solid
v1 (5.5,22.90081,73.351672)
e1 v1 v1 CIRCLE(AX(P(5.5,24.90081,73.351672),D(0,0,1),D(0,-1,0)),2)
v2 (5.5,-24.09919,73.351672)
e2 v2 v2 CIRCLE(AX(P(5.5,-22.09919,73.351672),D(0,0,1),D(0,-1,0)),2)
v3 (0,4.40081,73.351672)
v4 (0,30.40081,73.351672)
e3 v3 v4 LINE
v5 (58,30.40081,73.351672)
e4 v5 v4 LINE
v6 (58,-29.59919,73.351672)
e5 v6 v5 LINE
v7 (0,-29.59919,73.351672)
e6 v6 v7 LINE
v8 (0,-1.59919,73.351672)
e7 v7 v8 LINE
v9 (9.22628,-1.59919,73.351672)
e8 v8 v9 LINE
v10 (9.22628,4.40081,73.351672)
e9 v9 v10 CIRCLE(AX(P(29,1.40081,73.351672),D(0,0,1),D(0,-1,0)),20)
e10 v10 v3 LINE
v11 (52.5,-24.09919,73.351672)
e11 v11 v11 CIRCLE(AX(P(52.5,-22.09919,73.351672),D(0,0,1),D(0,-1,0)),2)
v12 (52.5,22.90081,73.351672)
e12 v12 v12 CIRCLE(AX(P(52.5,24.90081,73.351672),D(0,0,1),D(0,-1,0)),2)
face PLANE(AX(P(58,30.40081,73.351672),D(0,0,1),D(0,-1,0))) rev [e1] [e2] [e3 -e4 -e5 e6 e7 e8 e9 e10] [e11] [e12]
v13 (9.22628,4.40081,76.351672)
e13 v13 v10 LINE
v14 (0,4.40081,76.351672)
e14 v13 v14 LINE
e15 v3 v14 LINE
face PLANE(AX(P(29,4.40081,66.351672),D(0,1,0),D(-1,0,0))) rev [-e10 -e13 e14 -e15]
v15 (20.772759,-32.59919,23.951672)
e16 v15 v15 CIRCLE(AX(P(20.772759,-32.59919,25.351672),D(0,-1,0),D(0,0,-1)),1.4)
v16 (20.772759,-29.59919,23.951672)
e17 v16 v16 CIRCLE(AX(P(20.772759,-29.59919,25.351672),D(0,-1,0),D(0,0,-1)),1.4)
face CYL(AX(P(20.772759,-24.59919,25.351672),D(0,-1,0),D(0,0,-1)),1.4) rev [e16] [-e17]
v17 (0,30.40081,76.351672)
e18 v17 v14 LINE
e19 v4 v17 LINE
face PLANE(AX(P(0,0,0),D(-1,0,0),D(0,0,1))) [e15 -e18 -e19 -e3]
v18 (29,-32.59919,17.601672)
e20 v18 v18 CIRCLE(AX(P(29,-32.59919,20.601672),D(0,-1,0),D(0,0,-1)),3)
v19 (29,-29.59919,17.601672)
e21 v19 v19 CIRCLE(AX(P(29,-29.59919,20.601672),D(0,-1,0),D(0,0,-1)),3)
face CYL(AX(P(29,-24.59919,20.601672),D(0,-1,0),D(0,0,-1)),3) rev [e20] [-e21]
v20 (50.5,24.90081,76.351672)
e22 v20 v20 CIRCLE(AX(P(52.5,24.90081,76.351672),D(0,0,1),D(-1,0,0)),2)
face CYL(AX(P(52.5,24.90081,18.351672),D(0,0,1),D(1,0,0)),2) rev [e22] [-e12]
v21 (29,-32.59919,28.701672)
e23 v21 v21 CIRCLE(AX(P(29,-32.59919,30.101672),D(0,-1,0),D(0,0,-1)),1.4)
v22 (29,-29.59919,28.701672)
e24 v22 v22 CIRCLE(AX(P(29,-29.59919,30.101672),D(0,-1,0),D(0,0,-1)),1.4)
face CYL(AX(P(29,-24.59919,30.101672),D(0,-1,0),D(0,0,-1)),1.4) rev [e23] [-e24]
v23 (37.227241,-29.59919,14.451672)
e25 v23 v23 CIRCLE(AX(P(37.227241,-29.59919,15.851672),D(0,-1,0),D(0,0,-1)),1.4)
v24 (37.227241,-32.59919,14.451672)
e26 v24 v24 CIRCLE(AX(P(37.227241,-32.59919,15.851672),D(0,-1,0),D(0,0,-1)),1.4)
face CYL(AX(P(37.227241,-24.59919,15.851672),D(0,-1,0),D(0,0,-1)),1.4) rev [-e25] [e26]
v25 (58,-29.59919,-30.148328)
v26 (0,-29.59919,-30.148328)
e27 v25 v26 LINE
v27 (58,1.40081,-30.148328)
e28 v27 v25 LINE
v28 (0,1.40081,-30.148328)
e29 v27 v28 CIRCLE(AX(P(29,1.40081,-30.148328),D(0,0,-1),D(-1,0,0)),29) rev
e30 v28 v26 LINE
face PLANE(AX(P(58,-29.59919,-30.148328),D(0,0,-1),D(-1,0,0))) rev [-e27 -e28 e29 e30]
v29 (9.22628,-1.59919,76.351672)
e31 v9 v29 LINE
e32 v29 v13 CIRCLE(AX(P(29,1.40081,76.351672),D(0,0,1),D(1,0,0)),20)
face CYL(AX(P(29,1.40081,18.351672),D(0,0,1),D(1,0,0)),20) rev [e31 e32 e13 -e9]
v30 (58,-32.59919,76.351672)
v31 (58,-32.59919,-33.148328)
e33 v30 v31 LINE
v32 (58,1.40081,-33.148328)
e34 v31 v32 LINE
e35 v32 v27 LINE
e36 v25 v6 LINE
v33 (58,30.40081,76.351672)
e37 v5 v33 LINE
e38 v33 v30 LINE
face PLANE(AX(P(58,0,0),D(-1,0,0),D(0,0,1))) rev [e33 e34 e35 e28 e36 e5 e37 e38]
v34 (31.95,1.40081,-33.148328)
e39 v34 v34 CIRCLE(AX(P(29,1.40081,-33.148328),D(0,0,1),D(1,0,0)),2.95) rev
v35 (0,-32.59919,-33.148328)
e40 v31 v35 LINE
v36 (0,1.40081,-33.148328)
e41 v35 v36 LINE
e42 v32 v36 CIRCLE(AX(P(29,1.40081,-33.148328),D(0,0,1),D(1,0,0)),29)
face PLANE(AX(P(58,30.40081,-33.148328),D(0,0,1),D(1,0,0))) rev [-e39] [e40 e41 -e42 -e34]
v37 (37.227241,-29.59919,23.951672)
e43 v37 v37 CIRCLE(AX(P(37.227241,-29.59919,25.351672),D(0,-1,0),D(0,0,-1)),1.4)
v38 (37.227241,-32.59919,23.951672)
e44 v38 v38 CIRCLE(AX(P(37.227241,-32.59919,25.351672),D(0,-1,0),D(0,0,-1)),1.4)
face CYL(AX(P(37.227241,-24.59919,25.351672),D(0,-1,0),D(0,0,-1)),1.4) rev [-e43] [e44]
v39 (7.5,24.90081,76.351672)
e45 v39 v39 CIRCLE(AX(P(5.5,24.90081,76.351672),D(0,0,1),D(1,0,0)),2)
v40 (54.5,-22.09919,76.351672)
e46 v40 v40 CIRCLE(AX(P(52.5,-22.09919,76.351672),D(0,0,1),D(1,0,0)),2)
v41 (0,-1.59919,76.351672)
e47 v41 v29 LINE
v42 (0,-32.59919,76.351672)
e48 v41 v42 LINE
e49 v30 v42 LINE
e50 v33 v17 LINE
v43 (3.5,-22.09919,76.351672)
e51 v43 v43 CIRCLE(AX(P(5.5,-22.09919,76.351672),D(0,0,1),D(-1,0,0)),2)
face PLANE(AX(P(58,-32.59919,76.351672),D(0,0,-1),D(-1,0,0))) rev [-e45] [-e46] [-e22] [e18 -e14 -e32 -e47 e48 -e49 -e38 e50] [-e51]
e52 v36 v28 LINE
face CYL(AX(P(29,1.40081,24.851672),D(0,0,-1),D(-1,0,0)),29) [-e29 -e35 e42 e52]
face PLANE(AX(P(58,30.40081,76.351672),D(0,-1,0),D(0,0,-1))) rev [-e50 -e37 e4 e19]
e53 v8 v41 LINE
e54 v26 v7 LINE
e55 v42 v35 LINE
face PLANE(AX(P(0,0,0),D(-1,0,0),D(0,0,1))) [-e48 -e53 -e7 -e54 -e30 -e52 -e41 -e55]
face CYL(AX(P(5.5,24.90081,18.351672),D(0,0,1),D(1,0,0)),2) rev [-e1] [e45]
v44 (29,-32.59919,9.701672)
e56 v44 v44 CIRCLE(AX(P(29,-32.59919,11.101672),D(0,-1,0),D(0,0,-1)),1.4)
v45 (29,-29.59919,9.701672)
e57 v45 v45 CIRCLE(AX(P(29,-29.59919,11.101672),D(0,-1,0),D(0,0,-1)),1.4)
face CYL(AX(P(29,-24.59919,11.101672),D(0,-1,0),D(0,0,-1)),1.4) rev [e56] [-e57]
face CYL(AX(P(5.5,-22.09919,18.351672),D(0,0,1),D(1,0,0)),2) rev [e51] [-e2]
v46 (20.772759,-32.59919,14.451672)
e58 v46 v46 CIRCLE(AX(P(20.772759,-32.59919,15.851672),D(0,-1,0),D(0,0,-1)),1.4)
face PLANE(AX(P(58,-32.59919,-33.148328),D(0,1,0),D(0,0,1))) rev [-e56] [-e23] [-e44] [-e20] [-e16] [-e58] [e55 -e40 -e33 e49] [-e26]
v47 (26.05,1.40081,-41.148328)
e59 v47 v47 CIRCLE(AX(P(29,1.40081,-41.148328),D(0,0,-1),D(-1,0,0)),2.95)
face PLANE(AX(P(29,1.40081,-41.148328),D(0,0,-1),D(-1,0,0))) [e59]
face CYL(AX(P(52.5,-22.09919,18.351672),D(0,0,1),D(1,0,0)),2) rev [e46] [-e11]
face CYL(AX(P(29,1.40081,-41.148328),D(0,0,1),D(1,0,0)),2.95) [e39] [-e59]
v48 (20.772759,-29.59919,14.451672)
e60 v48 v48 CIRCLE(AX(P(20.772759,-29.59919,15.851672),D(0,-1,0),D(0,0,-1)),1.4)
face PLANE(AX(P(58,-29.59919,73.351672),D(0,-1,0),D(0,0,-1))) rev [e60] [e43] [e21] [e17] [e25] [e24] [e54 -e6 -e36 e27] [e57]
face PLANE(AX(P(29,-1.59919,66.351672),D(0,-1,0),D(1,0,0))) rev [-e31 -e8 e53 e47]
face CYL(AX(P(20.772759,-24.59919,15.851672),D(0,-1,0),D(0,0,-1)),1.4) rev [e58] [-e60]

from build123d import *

# Parameters (mm, degrees)
BOSS_EXTRUDE1_DEPTH = 58
SKETCH2_R           = 2
SKETCH2_R_2         = 20
CUT_EXTRUDE1_DEPTH  = 58
CUT_EXTRUDE2_DEPTH  = 58
CUT_EXTRUDE3_DEPTH  = 58
SKETCH5_R           = 2.95
BOSS_EXTRUDE2_DEPTH = 8
SKETCH6_R           = 3
SKETCH6_R_2         = 1.4
CUT_EXTRUDE4_DEPTH  = 8
SKETCH7_W           = 29
SKETCH7_H           = 6
CUT_EXTRUDE5_DEPTH  = 10


with BuildPart() as part:
    # Sketch1 → Boss-Extrude1 (new body)
    with BuildSketch(Plane(origin=(0, 0, 0), x_dir=(0, 0, -1), z_dir=(1, 0, 0))):
        Polygon((-73.351671883, 30.400809615), (-73.351671883, -29.599190385), (30.148328117, -29.599190385), (30.148328117, 30.400809615), (33.148328117, 30.400809615), (33.148328117, -32.599190385), (-76.351671883, -32.599190385), (-76.351671883, 30.400809615), align=None)
    extrude(amount=BOSS_EXTRUDE1_DEPTH)

    # Sketch2 → Cut-Extrude1 (cut)
    with BuildSketch(Plane.XY.offset(76.351671883)):
        with Locations((5.5, 24.900809615)):
            Circle(SKETCH2_R)
        with Locations((52.5, 24.900809615)):
            Circle(SKETCH2_R)
        with Locations((52.5, -22.099190385)):
            Circle(SKETCH2_R)
        with Locations((5.5, -22.099190385)):
            Circle(SKETCH2_R)
        with Locations((29, 1.400809615)):
            Circle(SKETCH2_R_2)
    extrude(amount=-CUT_EXTRUDE1_DEPTH, mode=Mode.SUBTRACT)

    # Sketch3 → Cut-Extrude2 (cut)
    with BuildSketch(Plane(origin=(0, 0, -33.148328117), x_dir=(-1, 0, 0), z_dir=(0, 0, -1))):
        with BuildLine():
            Line((-29, 30.400809615), (-58, 30.400809615))
            Line((-58, 30.400809615), (-58, 1.400809615))
            ThreePointArc((-58, 1.400809615), (-49.506096654, 21.90690627), (-29, 30.400809615))
        make_face()
    extrude(amount=-CUT_EXTRUDE2_DEPTH, mode=Mode.SUBTRACT)

    # Sketch4 → Cut-Extrude3 (cut)
    with BuildSketch(Plane(origin=(0, 0, -33.148328117), x_dir=(-1, 0, 0), z_dir=(0, 0, -1))):
        with BuildLine():
            Line((-29, 30.400809615), (0, 30.400809615))
            Line((0, 30.400809615), (0, 1.400809615))
            ThreePointArc((0, 1.400809615), (-8.493903346, 21.90690627), (-29, 30.400809615))
        make_face()
    extrude(amount=-CUT_EXTRUDE3_DEPTH, mode=Mode.SUBTRACT)

    # Sketch5 → Boss-Extrude2 (add)
    with BuildSketch(Plane(origin=(0, 0, -33.148328117), x_dir=(-1, 0, 0), z_dir=(0, 0, -1))):
        with Locations((-29, 1.400809615)):
            Circle(SKETCH5_R)
    extrude(amount=BOSS_EXTRUDE2_DEPTH)

    # Sketch6 → Cut-Extrude4 (cut)
    with BuildSketch(Plane.XZ.offset(32.599190385)):
        with Locations((29, 20.601671883)):
            Circle(SKETCH6_R)
        with Locations((29, 30.101671883)):
            Circle(SKETCH6_R_2)
        with Locations((37.227241336, 25.351671883)):
            Circle(SKETCH6_R_2)
        with Locations((37.227241336, 15.851671883)):
            Circle(SKETCH6_R_2)
        with Locations((29, 11.101671883)):
            Circle(SKETCH6_R_2)
        with Locations((20.772758664, 15.851671883)):
            Circle(SKETCH6_R_2)
        with Locations((20.772758664, 25.351671883)):
            Circle(SKETCH6_R_2)
    extrude(amount=-CUT_EXTRUDE4_DEPTH, mode=Mode.SUBTRACT)

    # Sketch7 → Cut-Extrude5 (cut)
    with BuildSketch(Plane.XY.offset(76.351671883)):
        with Locations((14.5, 1.400809615)):
            Rectangle(SKETCH7_W, SKETCH7_H)
    extrude(amount=-CUT_EXTRUDE5_DEPTH, mode=Mode.SUBTRACT)


solid = part.part
